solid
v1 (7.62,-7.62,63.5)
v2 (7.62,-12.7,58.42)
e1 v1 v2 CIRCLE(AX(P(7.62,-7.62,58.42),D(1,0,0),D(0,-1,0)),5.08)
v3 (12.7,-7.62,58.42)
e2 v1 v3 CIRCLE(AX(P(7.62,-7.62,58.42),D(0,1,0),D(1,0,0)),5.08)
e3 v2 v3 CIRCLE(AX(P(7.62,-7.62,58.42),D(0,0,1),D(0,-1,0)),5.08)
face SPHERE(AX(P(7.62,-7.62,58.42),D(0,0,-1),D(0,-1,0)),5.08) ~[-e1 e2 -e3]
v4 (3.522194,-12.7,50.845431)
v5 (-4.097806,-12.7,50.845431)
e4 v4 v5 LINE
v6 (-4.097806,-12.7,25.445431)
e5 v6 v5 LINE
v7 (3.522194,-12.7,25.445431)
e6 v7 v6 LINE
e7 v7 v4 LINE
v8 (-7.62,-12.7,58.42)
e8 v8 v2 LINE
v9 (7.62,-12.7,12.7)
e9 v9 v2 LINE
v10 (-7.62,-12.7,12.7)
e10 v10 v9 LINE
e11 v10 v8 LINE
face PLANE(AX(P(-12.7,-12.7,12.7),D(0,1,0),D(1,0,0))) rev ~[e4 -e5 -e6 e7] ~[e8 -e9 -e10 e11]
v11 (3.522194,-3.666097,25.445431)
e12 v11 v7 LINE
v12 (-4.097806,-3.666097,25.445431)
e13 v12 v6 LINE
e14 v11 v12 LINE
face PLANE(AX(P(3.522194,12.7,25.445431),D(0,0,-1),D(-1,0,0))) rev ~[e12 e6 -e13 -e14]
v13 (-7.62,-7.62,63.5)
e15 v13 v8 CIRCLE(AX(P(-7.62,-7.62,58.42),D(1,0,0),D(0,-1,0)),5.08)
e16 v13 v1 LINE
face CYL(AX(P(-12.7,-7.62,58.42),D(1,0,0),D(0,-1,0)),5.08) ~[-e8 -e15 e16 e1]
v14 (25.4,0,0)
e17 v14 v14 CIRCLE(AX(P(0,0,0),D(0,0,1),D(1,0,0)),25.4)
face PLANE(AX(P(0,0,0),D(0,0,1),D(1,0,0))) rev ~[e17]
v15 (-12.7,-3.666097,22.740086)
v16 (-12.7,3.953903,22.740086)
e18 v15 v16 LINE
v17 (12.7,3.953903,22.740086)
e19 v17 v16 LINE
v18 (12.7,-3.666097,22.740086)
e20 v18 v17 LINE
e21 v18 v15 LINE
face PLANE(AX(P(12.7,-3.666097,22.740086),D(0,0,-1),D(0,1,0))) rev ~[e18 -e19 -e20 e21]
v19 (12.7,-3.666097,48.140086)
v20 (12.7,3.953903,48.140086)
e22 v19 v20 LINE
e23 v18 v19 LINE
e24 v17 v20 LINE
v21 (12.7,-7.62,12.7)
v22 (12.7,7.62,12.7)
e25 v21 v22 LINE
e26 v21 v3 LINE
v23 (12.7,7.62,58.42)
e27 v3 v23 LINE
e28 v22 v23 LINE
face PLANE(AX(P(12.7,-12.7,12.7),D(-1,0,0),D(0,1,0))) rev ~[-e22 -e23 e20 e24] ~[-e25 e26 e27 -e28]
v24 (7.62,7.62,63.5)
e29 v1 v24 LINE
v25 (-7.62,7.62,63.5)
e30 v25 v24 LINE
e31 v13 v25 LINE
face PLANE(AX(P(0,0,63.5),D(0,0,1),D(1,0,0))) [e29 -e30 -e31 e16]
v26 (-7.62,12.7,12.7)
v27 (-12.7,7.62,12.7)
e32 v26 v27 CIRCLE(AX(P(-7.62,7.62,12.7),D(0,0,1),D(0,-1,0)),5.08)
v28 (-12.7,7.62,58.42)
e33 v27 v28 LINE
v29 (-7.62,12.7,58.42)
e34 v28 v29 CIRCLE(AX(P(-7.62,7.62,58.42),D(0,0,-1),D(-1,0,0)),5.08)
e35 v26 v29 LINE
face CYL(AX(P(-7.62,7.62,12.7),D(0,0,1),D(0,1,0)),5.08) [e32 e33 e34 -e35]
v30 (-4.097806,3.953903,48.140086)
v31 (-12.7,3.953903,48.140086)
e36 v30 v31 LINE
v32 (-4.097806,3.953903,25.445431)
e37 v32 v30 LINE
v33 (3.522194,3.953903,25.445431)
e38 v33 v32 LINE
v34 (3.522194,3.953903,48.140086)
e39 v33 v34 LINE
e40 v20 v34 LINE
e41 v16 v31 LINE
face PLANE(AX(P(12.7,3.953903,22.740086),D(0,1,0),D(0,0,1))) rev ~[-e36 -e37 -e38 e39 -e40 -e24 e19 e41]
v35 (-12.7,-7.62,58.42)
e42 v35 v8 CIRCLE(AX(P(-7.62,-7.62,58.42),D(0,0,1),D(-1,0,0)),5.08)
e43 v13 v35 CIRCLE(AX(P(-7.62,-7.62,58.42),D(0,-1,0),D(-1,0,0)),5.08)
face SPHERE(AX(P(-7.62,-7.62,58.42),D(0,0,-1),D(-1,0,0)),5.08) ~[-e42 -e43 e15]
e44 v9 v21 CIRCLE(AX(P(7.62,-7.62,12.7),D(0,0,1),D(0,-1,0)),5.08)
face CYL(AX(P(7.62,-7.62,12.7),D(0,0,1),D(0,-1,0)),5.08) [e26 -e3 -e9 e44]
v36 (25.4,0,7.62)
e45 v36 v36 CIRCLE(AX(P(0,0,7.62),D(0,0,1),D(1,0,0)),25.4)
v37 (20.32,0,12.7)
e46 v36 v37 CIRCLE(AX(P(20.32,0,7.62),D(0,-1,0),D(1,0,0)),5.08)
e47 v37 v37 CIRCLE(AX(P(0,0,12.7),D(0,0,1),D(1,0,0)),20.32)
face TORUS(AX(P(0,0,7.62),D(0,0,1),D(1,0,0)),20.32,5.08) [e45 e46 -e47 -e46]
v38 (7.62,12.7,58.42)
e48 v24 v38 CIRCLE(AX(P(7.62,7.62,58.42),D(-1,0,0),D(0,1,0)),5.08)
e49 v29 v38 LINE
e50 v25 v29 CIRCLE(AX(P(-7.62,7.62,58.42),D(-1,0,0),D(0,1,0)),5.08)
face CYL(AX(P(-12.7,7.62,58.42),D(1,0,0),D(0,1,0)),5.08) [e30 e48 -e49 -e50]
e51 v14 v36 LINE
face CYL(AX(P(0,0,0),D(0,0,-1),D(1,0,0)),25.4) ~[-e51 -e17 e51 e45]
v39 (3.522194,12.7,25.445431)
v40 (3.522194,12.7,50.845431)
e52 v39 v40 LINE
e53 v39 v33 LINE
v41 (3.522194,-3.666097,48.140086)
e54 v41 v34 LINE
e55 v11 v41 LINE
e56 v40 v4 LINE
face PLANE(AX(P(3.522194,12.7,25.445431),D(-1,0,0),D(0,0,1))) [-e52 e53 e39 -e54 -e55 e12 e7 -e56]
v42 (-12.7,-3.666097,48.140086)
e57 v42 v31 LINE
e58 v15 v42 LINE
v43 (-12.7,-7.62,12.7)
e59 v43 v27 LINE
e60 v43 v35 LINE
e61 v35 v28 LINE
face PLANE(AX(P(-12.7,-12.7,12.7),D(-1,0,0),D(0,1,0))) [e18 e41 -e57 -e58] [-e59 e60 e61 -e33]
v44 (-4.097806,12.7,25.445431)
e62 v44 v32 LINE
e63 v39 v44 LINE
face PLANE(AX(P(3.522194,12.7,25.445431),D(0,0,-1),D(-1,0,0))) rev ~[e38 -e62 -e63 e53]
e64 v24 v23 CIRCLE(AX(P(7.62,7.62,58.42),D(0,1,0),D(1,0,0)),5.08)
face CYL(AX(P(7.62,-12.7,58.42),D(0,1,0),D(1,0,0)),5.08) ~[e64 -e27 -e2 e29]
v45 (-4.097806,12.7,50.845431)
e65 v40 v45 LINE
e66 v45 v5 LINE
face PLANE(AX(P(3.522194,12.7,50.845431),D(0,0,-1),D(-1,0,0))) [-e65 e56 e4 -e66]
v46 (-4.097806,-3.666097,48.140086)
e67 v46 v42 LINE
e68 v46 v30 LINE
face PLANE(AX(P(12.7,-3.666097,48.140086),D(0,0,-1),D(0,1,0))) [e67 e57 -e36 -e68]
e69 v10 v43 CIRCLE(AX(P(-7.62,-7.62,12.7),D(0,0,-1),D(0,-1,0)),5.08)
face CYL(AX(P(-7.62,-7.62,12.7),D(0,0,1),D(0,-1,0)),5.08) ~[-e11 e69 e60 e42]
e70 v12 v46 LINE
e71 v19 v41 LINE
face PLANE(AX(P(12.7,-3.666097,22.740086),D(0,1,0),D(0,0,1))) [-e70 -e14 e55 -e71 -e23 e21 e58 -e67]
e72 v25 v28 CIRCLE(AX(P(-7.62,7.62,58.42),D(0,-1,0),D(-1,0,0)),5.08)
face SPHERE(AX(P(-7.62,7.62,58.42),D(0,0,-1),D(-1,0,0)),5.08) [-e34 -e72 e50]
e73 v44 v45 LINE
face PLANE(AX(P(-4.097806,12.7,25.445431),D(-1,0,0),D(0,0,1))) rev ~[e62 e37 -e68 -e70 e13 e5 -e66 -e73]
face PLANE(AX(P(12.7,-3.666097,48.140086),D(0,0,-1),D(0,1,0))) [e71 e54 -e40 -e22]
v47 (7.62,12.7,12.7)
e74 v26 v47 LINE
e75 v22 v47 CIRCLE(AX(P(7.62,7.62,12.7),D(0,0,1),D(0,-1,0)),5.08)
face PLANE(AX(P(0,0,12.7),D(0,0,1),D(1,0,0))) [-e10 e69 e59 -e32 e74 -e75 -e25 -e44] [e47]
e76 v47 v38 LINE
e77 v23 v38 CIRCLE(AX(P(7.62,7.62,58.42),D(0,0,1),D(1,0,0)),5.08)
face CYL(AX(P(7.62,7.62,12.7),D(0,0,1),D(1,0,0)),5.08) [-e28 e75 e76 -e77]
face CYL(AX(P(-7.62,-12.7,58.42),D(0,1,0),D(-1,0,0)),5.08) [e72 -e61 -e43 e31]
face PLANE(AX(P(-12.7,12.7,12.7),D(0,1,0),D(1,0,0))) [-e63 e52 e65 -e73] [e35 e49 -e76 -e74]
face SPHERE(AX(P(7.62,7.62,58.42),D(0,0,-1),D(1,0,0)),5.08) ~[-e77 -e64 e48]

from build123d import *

# Parameters (mm, degrees)
F0_R     = 25.4
F1_DEPTH = 12.7
F2_W     = 25.4
F2_H     = 25.4
F3_DEPTH = 50.8
F4_R     = 5.08
F5_W     = 7.62
F5_H     = 25.4
F6_DEPTH = 25.4
F7_W     = 7.62
F7_H     = 25.4
F8_DEPTH = 25.4


with BuildPart() as f1:
    # F0 (on Top) → F1 (new body)
    with BuildSketch(Plane.XY):
        Circle(F0_R)
    extrude(amount=F1_DEPTH)

    # F2 (on face) → F3 (join)
    with BuildSketch(Plane.XY.offset(12.7)):
        Rectangle(F2_W, F2_H)
    extrude(amount=F3_DEPTH)

    # F4
    f4_edges = [f1.edges().sort_by_distance(p)[0] for p in [
        (12.7, -12.7, 38.1),
        (-12.7, -12.7, 38.1),
        (12.7, 12.7, 38.1),
        (-12.7, 12.7, 38.1),
        (-25.4, 0, 12.7),
        (-12.7, 0, 63.5),
        (0, -12.7, 63.5),
        (12.7, 0, 63.5),
        (0, 12.7, 63.5),
    ]]
    fillet(f4_edges, radius=F4_R)

    # F5 (on face) → F6 (cut)
    with BuildSketch(Plane.YZ.offset(12.7)):
        with Locations((0.143903, 35.440086)):
            Rectangle(F5_W, F5_H)
    extrude(amount=-F6_DEPTH, mode=Mode.SUBTRACT)

    # F7 (on face) → F8 (cut)
    with BuildSketch(Plane(origin=(0, 12.7, 0), x_dir=(-1, 0, 0), z_dir=(0, 1, 0))):
        with Locations((0.287806, 38.145431)):
            Rectangle(F7_W, F7_H)
    extrude(amount=-F8_DEPTH, mode=Mode.SUBTRACT)


solid = f1.part
